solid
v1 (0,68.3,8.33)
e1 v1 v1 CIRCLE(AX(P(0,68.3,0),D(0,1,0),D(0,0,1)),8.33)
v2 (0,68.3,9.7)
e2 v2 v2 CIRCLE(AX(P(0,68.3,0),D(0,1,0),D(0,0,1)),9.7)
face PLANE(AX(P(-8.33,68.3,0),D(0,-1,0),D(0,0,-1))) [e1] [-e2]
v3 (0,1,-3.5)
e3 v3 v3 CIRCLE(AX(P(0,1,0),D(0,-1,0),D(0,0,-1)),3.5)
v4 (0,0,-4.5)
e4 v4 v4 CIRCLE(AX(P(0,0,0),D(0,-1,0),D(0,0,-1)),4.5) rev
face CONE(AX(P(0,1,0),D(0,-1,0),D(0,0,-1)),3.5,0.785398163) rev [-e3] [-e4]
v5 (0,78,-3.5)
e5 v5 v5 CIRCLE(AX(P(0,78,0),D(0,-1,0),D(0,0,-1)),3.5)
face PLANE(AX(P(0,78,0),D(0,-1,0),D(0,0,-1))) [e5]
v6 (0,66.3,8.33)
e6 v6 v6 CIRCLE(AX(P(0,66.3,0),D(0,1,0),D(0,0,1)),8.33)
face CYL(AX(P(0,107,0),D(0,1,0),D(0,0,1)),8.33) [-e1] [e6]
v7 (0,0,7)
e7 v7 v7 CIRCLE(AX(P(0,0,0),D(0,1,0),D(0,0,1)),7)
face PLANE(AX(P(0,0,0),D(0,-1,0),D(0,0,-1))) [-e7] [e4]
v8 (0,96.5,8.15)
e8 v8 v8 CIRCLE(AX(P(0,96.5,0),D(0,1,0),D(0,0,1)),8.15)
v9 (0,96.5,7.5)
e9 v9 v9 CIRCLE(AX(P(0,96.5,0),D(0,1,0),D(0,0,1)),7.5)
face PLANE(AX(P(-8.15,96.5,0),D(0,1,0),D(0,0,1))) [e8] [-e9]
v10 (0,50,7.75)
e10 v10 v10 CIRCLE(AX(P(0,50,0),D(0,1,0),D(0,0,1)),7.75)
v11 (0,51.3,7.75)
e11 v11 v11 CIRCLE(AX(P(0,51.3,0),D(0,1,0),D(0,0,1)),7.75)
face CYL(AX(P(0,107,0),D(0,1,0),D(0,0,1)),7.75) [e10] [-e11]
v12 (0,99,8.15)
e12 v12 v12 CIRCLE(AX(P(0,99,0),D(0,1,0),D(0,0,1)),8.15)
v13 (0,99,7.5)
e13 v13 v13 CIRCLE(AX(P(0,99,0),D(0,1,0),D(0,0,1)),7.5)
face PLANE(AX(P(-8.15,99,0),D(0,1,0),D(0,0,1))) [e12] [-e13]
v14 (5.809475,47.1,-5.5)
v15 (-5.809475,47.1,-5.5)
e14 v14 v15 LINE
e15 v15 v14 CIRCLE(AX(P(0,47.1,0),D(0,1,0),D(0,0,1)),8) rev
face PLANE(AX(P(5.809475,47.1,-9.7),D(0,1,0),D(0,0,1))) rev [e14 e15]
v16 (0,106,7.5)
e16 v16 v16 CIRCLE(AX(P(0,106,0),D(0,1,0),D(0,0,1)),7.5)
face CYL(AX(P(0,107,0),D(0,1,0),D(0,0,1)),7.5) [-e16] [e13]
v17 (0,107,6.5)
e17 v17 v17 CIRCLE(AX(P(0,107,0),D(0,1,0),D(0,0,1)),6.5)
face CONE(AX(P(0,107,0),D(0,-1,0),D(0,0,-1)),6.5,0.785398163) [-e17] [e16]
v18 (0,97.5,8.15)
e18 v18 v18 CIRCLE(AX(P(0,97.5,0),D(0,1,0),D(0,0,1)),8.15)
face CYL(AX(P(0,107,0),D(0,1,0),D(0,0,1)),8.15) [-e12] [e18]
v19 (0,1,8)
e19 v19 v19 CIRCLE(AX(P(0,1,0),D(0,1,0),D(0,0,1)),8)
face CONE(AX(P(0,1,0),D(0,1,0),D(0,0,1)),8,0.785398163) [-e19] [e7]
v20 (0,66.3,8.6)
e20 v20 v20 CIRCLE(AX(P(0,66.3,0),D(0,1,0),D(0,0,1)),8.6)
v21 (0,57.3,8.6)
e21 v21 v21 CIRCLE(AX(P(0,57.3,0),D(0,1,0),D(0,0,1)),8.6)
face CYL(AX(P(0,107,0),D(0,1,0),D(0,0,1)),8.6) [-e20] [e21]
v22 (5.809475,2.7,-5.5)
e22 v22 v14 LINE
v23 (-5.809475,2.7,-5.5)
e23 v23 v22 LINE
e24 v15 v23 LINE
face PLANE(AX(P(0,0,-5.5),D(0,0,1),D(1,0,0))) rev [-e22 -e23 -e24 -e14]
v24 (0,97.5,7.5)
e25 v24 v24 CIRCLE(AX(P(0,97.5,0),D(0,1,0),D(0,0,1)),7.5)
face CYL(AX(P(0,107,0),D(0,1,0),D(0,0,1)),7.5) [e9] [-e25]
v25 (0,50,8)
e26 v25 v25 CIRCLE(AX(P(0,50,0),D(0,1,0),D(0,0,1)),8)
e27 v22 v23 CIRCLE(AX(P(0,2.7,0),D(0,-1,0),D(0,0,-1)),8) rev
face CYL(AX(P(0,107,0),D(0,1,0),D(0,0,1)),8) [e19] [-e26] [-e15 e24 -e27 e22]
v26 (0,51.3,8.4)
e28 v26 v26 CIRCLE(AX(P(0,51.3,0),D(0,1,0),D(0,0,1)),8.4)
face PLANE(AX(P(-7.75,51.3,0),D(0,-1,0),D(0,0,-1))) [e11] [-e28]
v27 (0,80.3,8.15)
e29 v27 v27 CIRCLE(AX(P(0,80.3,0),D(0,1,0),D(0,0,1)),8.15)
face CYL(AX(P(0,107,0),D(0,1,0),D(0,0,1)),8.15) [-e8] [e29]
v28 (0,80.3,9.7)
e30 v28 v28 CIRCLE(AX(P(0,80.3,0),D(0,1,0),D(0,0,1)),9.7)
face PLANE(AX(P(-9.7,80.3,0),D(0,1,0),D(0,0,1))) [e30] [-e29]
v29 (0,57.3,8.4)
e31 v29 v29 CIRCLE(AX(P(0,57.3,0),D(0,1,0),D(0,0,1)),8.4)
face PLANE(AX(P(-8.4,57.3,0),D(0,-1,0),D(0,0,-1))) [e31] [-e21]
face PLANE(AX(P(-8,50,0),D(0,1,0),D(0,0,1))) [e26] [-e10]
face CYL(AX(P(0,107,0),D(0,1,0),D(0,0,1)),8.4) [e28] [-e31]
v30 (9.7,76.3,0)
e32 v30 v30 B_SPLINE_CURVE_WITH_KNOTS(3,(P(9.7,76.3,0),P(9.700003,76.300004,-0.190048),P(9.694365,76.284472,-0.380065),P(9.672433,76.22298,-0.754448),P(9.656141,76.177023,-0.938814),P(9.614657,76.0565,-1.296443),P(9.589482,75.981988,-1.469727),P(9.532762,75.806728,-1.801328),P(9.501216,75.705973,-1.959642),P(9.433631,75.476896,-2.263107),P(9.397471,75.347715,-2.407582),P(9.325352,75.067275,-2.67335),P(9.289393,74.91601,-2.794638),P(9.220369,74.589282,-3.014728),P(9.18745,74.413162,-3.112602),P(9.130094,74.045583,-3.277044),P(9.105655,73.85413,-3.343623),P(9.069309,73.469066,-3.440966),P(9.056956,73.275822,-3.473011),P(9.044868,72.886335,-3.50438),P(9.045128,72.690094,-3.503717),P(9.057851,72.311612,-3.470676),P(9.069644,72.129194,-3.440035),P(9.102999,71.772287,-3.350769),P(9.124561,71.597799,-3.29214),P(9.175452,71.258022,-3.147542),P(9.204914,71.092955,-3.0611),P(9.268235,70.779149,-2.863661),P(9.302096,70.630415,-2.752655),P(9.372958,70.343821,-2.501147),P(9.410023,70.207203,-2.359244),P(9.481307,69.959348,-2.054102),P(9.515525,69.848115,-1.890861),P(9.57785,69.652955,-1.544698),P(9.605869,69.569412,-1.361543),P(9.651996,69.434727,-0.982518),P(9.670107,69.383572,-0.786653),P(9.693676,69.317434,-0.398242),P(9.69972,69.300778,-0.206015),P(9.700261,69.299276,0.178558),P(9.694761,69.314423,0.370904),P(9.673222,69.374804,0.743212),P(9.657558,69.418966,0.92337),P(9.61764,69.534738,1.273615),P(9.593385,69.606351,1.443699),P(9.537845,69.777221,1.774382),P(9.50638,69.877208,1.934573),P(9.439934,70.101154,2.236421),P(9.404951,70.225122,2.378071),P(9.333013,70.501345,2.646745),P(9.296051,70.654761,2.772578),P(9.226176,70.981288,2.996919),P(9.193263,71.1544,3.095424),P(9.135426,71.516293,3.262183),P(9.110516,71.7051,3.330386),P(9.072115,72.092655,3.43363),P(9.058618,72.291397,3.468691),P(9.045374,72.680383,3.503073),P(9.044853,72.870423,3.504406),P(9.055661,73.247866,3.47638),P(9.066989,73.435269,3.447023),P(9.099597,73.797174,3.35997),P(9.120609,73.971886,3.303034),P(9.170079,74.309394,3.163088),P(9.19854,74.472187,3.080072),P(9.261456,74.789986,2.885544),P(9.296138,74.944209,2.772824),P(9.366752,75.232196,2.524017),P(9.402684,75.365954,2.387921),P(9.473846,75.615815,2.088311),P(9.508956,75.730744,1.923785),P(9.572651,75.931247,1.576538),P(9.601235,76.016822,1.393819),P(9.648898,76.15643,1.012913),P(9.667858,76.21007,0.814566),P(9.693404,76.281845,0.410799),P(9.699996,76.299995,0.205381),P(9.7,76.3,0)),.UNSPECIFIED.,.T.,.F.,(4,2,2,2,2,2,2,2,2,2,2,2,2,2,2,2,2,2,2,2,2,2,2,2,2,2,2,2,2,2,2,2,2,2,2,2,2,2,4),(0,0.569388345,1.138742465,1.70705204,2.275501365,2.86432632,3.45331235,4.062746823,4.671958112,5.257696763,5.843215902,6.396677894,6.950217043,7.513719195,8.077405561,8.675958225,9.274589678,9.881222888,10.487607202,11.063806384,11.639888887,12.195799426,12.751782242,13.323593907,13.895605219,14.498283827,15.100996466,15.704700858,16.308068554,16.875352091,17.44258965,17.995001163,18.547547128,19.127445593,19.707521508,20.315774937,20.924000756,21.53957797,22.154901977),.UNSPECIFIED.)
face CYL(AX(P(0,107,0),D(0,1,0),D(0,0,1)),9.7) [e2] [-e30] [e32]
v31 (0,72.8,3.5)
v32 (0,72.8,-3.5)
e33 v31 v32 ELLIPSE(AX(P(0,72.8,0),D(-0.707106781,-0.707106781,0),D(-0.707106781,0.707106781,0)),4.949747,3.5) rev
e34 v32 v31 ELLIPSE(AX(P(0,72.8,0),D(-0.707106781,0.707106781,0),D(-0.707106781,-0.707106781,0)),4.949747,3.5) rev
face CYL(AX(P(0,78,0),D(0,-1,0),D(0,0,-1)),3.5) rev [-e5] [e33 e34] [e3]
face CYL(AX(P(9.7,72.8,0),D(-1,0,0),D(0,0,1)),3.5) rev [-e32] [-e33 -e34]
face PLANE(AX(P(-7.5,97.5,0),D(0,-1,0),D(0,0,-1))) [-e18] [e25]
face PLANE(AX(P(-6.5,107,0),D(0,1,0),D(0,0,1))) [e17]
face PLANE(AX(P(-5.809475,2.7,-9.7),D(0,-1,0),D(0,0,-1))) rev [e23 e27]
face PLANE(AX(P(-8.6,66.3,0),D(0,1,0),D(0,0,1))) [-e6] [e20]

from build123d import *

# Parameters (mm, degrees)
ENL_V_START             = -5.5
ESQUISSE2_W             = 11.618950038
ESQUISSE2_H             = 44.4
ENL_V_MAT_EXTRU_1_DEPTH = 103.375761874
ENL_V_MAT_EXTRU_2_DEPTH = 108.875761874
ESQUISSE6_R             = 3.5
ENL_V_MAT_EXTRU_3_DEPTH = 78
CHANFREIN1_SIZE         = 1


with BuildPart() as part:
    # Esquisse1 → Révolution1 (revolve)
    with BuildSketch(Plane.XY, mode=Mode.PRIVATE) as r_volution1_sk:
        Polygon((0, 0), (-7, 0), (-8, 1), (-8, 50), (-7.75, 50), (-7.75, 51.3), (-8.4, 51.3), (-8.4, 57.3), (-8.6, 57.3), (-8.6, 66.3), (-8.33, 66.3), (-8.33, 68.3), (-9.7, 68.3), (-9.7, 80.3), (-8.15, 80.3), (-8.15, 96.5), (-7.5, 96.5), (-7.5, 97.5), (-8.15, 97.5), (-8.15, 99), (-7.5, 99), (-7.5, 106), (-6.5, 107), (0, 107), align=None)
    revolve(r_volution1_sk.sketch.rotate(Axis((0, 107, 0), (0, -1, 0)), 270), axis=Axis((0, 107, 0), (0, -1, 0)))

    # Esquisse2 → Enlèv. mat.-Extru.1 (cut, through all)
    with BuildSketch(Plane.XY.offset(ENL_V_START)):
        with Locations((0, 24.9)):
            Rectangle(ESQUISSE2_W, ESQUISSE2_H)
    extrude(amount=-ENL_V_MAT_EXTRU_1_DEPTH, mode=Mode.SUBTRACT)

    # Esquisse5 → Enlèv. mat.-Extru.2 (cut, through all)
    with BuildSketch(Plane(origin=(0, 0, 0), x_dir=(0, 0, -1), z_dir=(1, 0, 0))):
        with BuildLine():
            ThreePointArc((0, 76.3), (-3.5, 72.8), (0, 69.3))
            ThreePointArc((0, 69.3), (3.5, 72.8), (0, 76.3))
        make_face()
    extrude(amount=ENL_V_MAT_EXTRU_2_DEPTH, mode=Mode.SUBTRACT)

    # Esquisse6 → Enlèv. mat.-Extru.3 (cut)
    with BuildSketch(Plane.XZ):
        with Locations(Location((0, 0, 0), (0, 0, 270))):
            Circle(ESQUISSE6_R)
    extrude(amount=-ENL_V_MAT_EXTRU_3_DEPTH, mode=Mode.SUBTRACT)

    # Chanfrein1
    chanfrein1_edges = [part.edges().sort_by_distance(p)[0] for p in [
        (0, 0, 3.5),
    ]]
    chamfer(chanfrein1_edges, length=CHANFREIN1_SIZE)


solid = part.part
